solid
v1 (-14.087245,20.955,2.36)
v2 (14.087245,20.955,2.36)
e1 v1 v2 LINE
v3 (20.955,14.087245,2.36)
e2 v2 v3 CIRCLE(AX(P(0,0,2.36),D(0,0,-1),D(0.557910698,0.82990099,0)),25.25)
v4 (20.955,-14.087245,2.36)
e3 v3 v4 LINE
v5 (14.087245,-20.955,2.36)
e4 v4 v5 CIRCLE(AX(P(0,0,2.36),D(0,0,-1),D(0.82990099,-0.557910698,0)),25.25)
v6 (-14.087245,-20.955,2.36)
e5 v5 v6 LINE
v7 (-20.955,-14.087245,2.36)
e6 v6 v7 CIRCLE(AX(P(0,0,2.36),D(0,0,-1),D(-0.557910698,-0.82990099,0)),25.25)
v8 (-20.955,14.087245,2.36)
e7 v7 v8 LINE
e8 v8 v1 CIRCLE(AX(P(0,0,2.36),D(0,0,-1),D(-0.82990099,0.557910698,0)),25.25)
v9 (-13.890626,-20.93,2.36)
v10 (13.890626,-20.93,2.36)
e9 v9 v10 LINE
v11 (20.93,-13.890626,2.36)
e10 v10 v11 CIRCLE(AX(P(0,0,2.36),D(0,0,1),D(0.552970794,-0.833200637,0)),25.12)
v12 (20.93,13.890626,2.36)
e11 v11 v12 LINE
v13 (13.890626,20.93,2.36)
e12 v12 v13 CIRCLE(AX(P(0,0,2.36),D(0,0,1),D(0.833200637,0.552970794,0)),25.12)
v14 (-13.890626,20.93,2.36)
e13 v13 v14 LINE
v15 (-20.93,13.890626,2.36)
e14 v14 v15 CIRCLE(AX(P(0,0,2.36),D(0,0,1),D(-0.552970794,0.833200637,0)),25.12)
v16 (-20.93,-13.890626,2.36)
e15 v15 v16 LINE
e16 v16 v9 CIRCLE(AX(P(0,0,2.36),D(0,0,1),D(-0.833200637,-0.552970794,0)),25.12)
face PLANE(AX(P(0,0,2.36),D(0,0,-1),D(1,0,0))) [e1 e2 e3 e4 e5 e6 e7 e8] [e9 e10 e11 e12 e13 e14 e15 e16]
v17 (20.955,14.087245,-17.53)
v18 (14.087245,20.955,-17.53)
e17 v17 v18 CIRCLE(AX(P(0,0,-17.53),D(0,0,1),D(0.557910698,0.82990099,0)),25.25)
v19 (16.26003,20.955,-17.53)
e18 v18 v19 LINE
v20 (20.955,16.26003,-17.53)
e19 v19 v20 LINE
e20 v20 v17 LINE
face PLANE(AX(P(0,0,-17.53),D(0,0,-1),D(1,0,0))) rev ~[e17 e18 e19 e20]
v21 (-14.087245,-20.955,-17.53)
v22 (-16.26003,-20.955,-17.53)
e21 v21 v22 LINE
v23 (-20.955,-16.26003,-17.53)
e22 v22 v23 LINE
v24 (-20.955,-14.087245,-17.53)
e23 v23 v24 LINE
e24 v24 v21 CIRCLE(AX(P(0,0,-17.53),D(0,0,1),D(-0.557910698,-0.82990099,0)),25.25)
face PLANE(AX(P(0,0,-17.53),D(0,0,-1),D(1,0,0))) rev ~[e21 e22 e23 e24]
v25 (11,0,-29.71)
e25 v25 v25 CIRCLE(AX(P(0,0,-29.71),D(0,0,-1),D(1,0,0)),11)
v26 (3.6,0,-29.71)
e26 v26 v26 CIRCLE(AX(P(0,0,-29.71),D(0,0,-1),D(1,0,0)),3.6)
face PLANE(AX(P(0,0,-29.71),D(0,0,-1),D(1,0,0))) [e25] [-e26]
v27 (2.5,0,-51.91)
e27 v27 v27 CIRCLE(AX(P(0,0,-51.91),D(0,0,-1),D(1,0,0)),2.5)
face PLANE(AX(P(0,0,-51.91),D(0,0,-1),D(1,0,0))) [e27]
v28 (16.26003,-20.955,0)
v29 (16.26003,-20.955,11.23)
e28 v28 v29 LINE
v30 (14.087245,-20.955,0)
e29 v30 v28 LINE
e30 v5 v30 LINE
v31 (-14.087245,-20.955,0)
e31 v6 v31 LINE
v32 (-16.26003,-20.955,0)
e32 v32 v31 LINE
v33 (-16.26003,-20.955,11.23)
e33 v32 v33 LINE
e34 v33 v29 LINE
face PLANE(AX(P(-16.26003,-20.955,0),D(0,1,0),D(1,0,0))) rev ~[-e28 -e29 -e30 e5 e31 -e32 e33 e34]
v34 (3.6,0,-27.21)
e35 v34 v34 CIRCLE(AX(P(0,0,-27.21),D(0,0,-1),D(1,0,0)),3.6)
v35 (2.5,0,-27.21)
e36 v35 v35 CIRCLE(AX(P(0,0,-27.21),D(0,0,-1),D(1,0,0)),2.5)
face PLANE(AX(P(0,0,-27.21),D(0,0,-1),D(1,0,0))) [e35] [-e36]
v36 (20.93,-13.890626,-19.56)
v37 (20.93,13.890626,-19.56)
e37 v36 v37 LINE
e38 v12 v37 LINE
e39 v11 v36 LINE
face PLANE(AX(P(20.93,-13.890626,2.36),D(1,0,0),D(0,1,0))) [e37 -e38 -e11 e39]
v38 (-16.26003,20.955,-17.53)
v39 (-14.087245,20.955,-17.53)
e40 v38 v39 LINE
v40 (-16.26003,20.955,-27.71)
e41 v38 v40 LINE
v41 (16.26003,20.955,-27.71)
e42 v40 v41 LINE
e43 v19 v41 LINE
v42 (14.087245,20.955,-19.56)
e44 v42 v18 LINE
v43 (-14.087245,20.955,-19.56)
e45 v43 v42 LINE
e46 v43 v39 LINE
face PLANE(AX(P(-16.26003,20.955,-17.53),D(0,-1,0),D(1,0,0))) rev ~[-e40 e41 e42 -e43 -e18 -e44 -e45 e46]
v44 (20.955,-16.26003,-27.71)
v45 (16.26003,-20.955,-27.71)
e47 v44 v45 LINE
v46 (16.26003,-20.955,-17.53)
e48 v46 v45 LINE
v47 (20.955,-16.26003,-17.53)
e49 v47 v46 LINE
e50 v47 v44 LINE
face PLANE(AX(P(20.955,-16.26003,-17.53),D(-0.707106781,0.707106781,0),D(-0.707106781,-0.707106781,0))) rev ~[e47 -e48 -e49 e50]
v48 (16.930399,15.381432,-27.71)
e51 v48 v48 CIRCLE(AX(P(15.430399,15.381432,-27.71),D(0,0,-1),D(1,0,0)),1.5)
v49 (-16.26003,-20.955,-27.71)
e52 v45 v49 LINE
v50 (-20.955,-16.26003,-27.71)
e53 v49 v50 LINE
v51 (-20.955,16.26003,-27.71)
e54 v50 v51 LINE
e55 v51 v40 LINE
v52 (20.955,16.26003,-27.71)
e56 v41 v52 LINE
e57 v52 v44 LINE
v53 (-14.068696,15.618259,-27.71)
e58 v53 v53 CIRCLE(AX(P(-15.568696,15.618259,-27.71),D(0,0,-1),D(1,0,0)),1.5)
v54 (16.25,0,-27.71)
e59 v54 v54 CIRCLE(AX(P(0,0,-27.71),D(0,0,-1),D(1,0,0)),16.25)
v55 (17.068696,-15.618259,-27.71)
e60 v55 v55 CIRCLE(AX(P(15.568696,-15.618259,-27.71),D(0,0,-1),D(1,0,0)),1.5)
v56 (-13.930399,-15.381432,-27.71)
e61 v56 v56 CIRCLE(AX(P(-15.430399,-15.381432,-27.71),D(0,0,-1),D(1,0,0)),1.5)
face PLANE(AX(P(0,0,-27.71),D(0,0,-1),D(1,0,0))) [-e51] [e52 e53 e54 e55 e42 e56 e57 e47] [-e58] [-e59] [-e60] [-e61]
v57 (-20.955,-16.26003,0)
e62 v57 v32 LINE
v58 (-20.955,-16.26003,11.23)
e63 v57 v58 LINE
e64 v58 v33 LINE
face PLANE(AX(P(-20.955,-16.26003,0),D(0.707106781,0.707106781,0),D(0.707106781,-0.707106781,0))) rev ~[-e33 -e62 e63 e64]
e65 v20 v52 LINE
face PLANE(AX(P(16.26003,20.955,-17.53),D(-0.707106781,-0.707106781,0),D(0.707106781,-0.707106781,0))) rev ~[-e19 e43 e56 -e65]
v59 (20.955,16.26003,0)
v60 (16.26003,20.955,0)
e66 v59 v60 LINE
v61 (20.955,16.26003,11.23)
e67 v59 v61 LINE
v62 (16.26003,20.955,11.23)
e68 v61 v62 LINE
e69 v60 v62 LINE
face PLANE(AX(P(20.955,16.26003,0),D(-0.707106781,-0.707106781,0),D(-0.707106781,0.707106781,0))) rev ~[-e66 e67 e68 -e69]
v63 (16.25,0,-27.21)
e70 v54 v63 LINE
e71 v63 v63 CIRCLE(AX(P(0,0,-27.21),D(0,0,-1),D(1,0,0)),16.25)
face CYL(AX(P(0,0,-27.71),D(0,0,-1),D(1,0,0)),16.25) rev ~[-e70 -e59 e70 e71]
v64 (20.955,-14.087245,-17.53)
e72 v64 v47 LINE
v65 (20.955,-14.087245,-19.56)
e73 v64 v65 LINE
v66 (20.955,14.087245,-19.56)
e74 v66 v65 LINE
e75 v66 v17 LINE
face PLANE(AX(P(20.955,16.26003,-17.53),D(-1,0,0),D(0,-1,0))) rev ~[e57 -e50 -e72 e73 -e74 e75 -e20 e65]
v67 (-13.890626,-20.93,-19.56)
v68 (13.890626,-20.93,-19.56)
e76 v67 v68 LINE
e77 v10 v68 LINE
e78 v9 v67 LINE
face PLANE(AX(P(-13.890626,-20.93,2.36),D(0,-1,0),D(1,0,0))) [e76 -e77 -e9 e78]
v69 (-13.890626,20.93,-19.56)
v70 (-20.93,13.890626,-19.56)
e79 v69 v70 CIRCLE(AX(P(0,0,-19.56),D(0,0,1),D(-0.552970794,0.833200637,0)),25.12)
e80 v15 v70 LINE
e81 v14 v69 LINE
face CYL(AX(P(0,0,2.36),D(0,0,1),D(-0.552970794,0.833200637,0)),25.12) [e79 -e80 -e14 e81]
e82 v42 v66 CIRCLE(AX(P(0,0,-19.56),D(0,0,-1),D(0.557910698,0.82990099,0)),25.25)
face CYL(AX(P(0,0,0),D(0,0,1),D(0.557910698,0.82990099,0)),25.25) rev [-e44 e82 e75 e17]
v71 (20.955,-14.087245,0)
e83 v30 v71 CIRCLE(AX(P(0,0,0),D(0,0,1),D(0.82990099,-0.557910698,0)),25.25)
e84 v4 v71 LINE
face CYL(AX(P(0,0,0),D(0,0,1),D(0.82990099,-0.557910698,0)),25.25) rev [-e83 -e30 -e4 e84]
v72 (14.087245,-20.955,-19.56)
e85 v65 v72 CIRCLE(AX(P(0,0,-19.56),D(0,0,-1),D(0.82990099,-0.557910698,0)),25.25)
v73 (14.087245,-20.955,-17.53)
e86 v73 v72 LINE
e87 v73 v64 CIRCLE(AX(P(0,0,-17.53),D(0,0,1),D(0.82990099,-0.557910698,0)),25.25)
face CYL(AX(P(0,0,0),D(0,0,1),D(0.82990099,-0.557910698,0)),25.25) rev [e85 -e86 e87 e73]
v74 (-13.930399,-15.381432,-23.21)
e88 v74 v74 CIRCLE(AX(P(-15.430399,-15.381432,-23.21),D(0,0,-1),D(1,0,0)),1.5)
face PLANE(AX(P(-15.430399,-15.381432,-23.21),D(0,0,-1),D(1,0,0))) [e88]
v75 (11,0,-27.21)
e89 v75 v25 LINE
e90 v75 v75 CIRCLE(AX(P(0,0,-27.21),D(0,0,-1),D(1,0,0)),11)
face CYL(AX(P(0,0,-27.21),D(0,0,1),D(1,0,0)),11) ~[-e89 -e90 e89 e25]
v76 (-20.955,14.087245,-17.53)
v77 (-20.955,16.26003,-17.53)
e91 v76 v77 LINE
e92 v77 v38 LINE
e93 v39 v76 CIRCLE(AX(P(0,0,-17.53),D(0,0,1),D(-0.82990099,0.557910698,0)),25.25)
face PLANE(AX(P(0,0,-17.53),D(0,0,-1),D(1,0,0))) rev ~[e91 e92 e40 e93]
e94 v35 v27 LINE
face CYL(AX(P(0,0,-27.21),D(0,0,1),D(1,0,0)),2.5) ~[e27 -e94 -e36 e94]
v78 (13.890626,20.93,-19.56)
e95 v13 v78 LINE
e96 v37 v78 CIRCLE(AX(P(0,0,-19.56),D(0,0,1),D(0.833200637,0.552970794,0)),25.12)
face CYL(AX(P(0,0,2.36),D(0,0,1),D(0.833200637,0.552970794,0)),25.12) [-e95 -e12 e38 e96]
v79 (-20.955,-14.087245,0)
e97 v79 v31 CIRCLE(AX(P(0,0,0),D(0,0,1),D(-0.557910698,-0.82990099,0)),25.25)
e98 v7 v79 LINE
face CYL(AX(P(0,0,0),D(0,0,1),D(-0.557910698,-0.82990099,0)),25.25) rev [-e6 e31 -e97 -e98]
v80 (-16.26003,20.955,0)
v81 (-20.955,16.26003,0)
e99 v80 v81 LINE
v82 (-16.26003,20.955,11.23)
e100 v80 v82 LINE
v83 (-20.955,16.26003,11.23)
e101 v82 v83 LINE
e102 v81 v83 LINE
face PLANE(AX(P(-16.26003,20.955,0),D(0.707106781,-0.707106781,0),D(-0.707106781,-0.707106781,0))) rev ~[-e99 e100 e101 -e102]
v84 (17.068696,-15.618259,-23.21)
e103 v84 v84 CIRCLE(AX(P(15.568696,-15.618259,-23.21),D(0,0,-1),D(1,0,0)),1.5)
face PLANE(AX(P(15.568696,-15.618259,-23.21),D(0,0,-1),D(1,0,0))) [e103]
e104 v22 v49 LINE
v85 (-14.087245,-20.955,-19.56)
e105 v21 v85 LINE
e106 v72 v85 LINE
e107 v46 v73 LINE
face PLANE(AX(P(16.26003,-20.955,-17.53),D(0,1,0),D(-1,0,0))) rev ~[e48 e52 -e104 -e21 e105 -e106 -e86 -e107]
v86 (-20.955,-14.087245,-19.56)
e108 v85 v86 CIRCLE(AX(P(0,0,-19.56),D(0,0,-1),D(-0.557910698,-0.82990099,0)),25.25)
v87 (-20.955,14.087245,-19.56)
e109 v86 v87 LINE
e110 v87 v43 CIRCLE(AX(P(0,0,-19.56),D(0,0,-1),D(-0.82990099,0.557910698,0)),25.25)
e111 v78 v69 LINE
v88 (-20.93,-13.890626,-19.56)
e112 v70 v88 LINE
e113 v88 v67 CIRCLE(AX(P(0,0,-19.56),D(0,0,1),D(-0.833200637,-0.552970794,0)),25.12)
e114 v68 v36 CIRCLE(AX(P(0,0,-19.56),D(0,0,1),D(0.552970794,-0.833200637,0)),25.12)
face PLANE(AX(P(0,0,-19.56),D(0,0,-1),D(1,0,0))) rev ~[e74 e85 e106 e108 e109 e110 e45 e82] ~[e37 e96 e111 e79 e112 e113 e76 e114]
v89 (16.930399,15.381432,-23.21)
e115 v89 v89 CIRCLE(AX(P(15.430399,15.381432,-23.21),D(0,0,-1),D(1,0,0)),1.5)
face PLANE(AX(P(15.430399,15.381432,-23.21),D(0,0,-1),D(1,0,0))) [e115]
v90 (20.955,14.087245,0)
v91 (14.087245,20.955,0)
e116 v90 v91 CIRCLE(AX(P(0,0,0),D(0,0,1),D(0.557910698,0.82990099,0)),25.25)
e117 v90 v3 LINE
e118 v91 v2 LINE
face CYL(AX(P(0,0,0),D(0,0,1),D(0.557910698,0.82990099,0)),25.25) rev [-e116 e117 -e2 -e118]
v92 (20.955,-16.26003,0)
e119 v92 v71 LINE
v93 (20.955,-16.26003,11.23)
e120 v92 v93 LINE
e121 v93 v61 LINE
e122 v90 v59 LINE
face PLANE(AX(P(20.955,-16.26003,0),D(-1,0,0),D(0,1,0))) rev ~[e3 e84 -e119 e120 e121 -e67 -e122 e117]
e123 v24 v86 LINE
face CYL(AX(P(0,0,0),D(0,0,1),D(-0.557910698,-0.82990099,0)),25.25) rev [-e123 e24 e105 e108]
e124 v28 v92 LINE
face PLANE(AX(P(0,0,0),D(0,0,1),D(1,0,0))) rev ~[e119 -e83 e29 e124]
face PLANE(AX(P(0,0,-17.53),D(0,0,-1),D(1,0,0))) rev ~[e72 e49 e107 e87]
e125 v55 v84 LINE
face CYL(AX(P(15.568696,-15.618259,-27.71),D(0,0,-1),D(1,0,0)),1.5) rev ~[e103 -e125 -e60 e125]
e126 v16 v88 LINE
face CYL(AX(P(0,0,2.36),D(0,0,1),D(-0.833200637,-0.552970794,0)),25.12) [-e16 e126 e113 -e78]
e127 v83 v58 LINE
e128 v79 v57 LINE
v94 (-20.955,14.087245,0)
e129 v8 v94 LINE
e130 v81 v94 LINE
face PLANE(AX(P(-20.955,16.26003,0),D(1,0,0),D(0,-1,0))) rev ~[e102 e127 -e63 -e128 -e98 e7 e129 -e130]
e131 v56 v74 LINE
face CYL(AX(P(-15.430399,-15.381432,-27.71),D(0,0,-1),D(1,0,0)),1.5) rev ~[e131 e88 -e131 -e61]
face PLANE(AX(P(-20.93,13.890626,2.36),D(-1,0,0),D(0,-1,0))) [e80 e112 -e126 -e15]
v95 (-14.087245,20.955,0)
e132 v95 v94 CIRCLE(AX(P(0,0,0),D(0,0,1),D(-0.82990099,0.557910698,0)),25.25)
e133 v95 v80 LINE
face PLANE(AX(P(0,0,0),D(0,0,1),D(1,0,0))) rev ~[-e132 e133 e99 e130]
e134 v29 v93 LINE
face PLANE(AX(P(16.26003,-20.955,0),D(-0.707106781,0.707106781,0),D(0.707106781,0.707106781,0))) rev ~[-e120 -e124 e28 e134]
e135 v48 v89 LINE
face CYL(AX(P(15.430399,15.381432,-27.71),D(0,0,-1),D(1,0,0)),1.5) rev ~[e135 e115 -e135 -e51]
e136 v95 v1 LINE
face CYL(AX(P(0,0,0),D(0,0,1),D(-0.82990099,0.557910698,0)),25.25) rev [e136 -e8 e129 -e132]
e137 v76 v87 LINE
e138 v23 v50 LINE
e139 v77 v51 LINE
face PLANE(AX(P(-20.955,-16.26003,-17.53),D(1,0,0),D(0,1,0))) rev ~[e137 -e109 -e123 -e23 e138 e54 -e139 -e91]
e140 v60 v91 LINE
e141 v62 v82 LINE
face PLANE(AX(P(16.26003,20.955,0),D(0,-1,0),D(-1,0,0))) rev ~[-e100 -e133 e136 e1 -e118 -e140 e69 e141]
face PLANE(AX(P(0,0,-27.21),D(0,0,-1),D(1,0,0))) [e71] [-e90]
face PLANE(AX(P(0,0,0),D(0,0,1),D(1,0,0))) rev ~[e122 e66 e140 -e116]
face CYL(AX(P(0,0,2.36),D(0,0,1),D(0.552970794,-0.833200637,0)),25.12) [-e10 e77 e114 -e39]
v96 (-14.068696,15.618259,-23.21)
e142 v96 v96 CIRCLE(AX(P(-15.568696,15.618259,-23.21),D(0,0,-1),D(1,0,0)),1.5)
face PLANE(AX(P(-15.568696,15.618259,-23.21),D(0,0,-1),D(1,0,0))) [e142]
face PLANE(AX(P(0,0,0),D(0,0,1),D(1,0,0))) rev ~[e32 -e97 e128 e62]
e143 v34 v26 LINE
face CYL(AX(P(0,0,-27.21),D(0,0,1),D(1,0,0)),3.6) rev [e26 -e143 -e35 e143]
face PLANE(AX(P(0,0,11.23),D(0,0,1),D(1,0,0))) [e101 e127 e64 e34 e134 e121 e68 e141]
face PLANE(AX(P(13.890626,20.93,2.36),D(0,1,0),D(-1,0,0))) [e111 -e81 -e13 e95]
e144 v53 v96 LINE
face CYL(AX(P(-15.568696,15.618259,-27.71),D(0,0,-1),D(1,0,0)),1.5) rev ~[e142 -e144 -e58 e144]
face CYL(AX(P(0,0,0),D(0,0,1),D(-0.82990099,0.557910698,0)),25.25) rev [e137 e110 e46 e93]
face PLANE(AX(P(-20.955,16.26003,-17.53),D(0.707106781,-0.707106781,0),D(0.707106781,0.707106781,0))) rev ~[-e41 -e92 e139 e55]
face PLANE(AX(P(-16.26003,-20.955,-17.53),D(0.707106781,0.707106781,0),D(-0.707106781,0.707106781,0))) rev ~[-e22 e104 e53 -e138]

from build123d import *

# Parameters (mm, degrees)
F1_DEPTH      = 11.23
F4_DEPTH      = 10.18
F6_DEPTH      = 2.36
F6_DEPTH_BACK = 19.56
F9_DEPTH      = 21.92
F10_R         = 16.25
F11_DEPTH     = 0.5
F12_R         = 11
F12_R_2       = 3.6
F13_DEPTH     = 2.5
F14_R         = 2.5
F15_DEPTH     = 24.7
F16_R         = 1.5
F17_DEPTH     = 4.5


with BuildPart() as f1:
    # F0 (on Top) → F1 (new body)
    with BuildSketch(Plane.XY):
        Polygon((-16.2600298938, 20.955), (-20.955, 16.2600298938), (-20.955, -16.2600298938), (-16.2600298938, -20.955), (16.2600298938, -20.955), (20.955, -16.2600298938), (20.955, 16.2600298938), (16.2600298938, 20.955), align=None)
    extrude(amount=F1_DEPTH)


with BuildPart() as f4:
    # F3 (on offset) → F4 (new body)
    with BuildSketch(Plane(origin=(0, 0, -17.53), x_dir=(1, 0, 0), z_dir=(0, 0, -1))):
        Polygon((-16.2600298938, 20.955), (-20.955, 16.2600298938), (-20.955, -16.2600298938), (-16.2600298938, -20.955), (16.2600298938, -20.955), (20.955, -16.2600298938), (20.955, 16.2600298938), (16.2600298938, 20.955), align=None)
    extrude(amount=F4_DEPTH)


with BuildPart() as f6_tool:
    # F5 (on face) → F6 (new body, two sides)
    with BuildSketch(Plane(origin=(0, 0, 0), x_dir=(1, 0, 0), z_dir=(0, 0, -1))) as f6_sk:
        with BuildLine():
            Line((20.955, -14.0872451175), (20.955, 14.0872451175))
            ThreePointArc((20.955, 14.0872451175), (17.854446225, 17.854446225), (14.0872451175, 20.955))
            Line((14.0872451175, 20.955), (-14.0872451175, 20.955))
            ThreePointArc((-14.0872451175, 20.955), (-17.854446225, 17.854446225), (-20.955, 14.0872451175))
            Line((-20.955, 14.0872451175), (-20.955, -14.0872451175))
            ThreePointArc((-20.955, -14.0872451175), (-17.854446225, -17.854446225), (-14.0872451175, -20.955))
            Line((-14.0872451175, -20.955), (14.0872451175, -20.955))
            ThreePointArc((14.0872451175, -20.955), (17.854446225, -17.854446225), (20.955, -14.0872451175))
        make_face()
    extrude(amount=-F6_DEPTH)
    extrude(f6_sk.sketch, amount=F6_DEPTH_BACK)


with BuildPart() as f1_1:
    add(f1.part)

    # F6: cut by f6_tool
    add(f6_tool.part, mode=Mode.SUBTRACT)



with BuildPart() as f4_1:
    add(f4.part)

    # F6: cut by f6_tool
    add(f6_tool.part, mode=Mode.SUBTRACT)


with BuildPart() as f1_2:
    add(f1_1.part)

    add(f4_1.part)  # F9 merges F4
    # F8 (on offset) → F9 (join)
    with BuildSketch(Plane.XY.offset(2.36)):
        with BuildLine():
            Line((13.8906263358, 20.93), (-13.8906263358, 20.93))
            ThreePointArc((-13.8906263358, 20.93), (-17.7625223434, 17.7625223434), (-20.93, 13.8906263358))
            Line((-20.93, 13.8906263358), (-20.93, -13.8906263358))
            ThreePointArc((-20.93, -13.8906263358), (-17.7625223434, -17.7625223434), (-13.8906263358, -20.93))
            Line((-13.8906263358, -20.93), (13.8906263358, -20.93))
            ThreePointArc((13.8906263358, -20.93), (17.7625223434, -17.7625223434), (20.93, -13.8906263358))
            Line((20.93, -13.8906263358), (20.93, 13.8906263358))
            ThreePointArc((20.93, 13.8906263358), (17.7625223434, 17.7625223434), (13.8906263358, 20.93))
        make_face()
    extrude(amount=-F9_DEPTH)

    # F10 (on face) → F11 (cut)
    with BuildSketch(Plane(origin=(0, 0, -27.71), x_dir=(1, 0, 0), z_dir=(0, 0, -1))):
        Circle(F10_R)
    extrude(amount=-F11_DEPTH, mode=Mode.SUBTRACT)

    # F12 (on face) → F13 (join)
    with BuildSketch(Plane(origin=(0, 0, -27.21), x_dir=(1, 0, 0), z_dir=(0, 0, -1))):
        Circle(F12_R)
        Circle(F12_R_2, mode=Mode.SUBTRACT)
    extrude(amount=F13_DEPTH)

    # F14 (on face) → F15 (join)
    with BuildSketch(Plane(origin=(0, 0, -27.21), x_dir=(1, 0, 0), z_dir=(0, 0, -1))):
        Circle(F14_R)
    extrude(amount=F15_DEPTH)

    # F16 (on face) → F17 (cut)
    with BuildSketch(Plane(origin=(0, 0, -27.71), x_dir=(1, 0, 0), z_dir=(0, 0, -1))):
        with Locations((15.430398907, -15.3814321037)):
            Circle(F16_R)
        with Locations((-15.568696448, -15.6182594076)):
            Circle(F16_R)
        with Locations((-15.430398907, 15.3814321037)):
            Circle(F16_R)
        with Locations((15.568696448, 15.6182594076)):
            Circle(F16_R)
    extrude(amount=-F17_DEPTH, mode=Mode.SUBTRACT)


solid = f1_2.part
